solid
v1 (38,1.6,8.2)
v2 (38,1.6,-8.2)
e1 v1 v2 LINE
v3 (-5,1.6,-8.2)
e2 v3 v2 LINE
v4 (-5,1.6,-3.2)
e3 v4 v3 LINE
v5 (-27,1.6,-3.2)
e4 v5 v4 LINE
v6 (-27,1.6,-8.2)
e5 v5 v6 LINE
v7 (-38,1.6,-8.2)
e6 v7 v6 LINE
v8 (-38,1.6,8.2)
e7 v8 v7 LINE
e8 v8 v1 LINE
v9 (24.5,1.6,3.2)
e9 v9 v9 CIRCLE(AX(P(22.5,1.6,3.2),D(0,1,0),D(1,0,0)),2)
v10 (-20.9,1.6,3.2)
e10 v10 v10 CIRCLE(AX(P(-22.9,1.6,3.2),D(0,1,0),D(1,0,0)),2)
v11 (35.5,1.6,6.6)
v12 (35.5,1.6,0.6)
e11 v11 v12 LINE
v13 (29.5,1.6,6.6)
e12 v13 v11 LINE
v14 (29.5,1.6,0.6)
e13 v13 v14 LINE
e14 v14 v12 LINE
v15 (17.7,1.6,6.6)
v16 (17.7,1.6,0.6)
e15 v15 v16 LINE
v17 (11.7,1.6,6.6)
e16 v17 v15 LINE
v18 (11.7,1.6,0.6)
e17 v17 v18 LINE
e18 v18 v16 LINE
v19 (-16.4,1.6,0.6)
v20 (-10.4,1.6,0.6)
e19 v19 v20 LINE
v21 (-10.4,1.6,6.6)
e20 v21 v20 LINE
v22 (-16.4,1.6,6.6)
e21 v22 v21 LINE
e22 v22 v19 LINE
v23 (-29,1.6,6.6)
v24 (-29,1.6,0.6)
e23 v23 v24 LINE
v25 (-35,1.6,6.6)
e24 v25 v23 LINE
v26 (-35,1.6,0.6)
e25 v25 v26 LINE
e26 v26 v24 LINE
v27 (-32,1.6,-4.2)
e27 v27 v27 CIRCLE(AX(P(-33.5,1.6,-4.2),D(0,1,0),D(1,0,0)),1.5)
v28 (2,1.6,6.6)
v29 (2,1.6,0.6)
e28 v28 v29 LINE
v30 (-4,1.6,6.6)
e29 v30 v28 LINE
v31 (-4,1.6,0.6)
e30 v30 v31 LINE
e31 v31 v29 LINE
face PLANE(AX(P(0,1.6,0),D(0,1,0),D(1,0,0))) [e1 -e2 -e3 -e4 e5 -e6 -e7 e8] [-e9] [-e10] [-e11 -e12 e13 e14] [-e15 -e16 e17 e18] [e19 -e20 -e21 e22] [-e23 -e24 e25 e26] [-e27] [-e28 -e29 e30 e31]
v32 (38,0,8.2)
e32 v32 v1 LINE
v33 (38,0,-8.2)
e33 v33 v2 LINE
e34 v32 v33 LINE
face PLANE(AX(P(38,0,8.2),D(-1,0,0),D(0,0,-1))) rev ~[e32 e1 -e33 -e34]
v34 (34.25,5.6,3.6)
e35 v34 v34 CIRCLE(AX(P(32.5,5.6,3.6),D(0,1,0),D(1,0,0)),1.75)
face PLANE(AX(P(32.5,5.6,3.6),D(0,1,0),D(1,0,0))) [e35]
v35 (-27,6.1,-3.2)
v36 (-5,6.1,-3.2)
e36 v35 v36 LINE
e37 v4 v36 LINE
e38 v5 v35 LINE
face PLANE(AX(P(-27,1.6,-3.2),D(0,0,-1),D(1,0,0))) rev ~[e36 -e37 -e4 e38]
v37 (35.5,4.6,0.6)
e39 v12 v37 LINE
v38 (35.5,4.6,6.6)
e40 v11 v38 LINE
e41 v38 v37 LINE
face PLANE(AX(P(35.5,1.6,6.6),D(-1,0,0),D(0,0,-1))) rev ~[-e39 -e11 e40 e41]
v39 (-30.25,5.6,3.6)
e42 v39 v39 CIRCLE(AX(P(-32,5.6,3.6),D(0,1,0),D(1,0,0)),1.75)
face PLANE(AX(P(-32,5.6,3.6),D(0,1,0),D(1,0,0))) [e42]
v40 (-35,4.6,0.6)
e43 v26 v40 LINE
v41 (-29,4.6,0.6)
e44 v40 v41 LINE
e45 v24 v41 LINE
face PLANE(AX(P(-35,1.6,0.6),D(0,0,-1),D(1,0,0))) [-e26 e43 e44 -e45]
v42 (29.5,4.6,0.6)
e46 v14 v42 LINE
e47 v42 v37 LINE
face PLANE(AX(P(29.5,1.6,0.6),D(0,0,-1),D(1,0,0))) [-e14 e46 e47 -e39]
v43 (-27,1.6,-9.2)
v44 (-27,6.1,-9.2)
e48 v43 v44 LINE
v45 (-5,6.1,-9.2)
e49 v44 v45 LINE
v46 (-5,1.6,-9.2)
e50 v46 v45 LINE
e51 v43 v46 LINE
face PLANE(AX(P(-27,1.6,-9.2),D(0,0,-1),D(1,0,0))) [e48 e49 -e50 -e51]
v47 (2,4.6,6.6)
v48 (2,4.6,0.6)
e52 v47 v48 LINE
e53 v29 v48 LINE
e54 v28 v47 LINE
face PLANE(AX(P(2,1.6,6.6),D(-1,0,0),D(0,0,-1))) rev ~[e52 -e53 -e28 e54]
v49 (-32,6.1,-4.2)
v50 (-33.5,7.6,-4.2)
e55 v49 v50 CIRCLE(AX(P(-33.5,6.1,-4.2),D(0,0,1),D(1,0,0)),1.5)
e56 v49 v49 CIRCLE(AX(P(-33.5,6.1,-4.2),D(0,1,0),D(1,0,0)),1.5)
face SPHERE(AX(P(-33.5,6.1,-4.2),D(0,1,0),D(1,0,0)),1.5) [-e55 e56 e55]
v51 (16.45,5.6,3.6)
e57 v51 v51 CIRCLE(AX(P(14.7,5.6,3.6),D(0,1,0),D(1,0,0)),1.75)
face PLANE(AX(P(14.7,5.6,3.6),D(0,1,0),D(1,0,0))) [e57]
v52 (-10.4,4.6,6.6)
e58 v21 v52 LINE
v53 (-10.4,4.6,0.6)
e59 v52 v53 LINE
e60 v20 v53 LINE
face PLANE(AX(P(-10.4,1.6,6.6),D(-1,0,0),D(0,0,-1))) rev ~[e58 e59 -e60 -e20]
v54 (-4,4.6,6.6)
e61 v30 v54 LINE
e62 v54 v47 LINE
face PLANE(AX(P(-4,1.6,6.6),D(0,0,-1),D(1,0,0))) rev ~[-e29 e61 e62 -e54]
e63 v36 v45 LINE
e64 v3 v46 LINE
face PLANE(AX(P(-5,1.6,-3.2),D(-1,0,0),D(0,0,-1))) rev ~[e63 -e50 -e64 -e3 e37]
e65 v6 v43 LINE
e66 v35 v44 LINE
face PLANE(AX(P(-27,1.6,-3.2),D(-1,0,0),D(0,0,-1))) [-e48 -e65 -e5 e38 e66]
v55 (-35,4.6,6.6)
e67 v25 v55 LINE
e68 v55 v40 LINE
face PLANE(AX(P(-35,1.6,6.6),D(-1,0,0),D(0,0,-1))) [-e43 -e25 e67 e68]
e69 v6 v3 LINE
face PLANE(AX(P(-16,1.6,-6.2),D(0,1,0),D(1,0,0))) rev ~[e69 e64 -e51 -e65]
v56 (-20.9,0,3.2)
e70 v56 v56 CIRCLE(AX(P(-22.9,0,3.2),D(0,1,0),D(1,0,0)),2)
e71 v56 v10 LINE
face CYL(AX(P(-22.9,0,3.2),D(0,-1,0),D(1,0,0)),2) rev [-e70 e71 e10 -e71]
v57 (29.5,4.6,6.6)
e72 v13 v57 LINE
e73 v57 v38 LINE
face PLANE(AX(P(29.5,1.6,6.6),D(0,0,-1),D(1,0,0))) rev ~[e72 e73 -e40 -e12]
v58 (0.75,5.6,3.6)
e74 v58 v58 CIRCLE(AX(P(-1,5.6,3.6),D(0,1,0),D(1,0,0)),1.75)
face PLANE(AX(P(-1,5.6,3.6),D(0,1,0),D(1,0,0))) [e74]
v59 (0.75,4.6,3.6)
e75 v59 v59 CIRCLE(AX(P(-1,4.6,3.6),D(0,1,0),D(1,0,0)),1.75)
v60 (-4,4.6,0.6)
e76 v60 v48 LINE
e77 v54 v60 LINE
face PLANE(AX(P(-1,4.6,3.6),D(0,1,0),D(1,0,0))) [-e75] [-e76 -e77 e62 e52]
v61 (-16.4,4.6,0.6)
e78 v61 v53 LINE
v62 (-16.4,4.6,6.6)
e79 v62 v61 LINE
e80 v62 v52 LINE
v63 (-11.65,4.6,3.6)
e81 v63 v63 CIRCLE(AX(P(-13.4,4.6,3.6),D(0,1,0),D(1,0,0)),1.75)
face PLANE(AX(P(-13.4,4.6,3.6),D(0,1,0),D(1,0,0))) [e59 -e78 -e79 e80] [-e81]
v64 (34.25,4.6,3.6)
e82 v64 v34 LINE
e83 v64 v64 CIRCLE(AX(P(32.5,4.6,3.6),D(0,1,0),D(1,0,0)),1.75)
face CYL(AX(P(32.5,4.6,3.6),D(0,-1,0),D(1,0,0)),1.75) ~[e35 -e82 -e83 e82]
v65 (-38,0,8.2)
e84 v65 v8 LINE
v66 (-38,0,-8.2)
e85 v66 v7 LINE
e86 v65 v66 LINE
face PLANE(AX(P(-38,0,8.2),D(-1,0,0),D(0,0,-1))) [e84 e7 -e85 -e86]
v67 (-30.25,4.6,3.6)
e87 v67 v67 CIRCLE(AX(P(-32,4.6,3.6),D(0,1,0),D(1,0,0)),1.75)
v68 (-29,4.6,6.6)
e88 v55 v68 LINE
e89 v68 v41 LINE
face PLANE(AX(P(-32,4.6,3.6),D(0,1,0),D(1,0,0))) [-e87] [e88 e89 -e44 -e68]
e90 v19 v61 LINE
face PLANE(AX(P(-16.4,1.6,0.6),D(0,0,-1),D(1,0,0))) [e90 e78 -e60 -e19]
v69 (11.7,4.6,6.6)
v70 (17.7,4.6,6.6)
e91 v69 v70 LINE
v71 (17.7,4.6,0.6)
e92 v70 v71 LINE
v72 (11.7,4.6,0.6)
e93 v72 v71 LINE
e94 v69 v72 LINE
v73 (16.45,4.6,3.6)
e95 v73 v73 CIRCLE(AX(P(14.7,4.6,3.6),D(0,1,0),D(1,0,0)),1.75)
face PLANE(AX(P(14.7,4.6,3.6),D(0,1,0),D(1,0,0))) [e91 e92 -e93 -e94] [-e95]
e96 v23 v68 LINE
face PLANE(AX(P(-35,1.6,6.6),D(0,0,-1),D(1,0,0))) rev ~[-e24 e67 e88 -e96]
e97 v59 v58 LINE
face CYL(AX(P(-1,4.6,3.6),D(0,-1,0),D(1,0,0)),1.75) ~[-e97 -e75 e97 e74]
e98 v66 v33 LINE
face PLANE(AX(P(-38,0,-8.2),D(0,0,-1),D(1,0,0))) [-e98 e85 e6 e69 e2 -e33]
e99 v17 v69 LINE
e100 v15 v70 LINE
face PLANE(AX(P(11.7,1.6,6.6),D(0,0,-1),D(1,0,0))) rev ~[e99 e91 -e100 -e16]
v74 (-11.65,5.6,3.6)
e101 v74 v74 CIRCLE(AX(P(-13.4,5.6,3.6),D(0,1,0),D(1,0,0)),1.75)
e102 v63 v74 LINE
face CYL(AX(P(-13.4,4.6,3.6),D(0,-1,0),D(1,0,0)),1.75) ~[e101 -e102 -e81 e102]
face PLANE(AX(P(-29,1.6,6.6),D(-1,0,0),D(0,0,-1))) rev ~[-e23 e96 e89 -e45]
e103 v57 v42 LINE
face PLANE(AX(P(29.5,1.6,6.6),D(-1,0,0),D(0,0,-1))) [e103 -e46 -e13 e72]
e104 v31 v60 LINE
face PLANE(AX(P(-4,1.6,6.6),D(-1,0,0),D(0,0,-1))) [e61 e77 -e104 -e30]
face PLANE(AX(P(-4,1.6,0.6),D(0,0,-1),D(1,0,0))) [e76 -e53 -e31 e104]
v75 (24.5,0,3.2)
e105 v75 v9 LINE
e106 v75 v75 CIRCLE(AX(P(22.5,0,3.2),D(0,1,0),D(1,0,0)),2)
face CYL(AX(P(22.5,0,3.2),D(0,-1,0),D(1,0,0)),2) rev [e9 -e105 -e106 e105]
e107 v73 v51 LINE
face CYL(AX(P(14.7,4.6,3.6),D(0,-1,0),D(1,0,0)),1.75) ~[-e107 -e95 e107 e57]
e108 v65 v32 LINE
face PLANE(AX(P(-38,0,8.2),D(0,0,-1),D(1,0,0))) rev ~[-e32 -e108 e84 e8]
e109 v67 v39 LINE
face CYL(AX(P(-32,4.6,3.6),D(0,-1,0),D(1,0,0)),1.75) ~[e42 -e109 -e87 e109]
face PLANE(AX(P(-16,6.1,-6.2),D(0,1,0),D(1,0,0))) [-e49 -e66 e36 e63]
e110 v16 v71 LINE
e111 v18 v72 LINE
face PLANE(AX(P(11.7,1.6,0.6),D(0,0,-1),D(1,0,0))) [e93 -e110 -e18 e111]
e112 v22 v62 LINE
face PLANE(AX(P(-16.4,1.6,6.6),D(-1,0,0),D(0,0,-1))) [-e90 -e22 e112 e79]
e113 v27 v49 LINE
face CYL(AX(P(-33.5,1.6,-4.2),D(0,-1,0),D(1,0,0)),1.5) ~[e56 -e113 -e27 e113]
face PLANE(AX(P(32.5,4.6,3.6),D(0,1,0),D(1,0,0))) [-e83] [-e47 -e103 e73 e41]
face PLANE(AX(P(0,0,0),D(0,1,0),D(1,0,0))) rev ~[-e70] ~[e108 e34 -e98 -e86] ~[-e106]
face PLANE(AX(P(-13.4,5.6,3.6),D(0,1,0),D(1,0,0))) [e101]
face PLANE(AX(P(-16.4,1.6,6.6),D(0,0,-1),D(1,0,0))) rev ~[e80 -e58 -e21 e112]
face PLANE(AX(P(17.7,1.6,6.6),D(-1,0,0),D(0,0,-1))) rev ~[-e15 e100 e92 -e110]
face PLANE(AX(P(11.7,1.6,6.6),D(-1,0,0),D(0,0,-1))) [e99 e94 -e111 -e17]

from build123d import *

# Parameters (mm, degrees)
SZKIC1_W                    = 76
SZKIC1_H                    = 16.4
SZKIC1_R                    = 2
DODANIE_WYCI_GNI_CIE1_DEPTH = 1.6
SZKIC2_W                    = 6
SZKIC2_H                    = 6
DODANIE_WYCI_GNI_CIE2_DEPTH = 3
SZKIC3_R                    = 1.75
DODANIE_WYCI_GNI_CIE3_DEPTH = 1
SZKIC4_R                    = 1.5
DODANIE_WYCI_GNI_CIE4_DEPTH = 6
ZAOKR_GLENIE1_R             = 1.5
SZKIC5_W                    = 22
SZKIC5_H                    = 6
DODANIE_WYCI_GNI_CIE5_DEPTH = 4.5


with BuildPart() as part:
    # Szkic1 → Dodanie-wyciągnięcie1 (new body)
    with BuildSketch(Plane(origin=(0, 0, 0), x_dir=(1, 0, 0), z_dir=(0, 1, 0))):
        Rectangle(SZKIC1_W, SZKIC1_H)
        with Locations((-22.9, -3.2)):
            Circle(SZKIC1_R, mode=Mode.SUBTRACT)
        with Locations((22.5, -3.2)):
            Circle(SZKIC1_R, mode=Mode.SUBTRACT)
    extrude(amount=DODANIE_WYCI_GNI_CIE1_DEPTH)

    # Szkic2 → Dodanie-wyciągnięcie2 (add)
    with BuildSketch(Plane(origin=(0, 1.6, 0), x_dir=(1, 0, 0), z_dir=(0, 1, 0))):
        with Locations((-32, -3.6)):
            Rectangle(SZKIC2_W, SZKIC2_H)
        with Locations((-13.4, -3.6)):
            Rectangle(SZKIC2_W, SZKIC2_H)
        with Locations((-1, -3.6)):
            Rectangle(SZKIC2_W, SZKIC2_H)
        with Locations((14.7, -3.6)):
            Rectangle(SZKIC2_W, SZKIC2_H)
        with Locations((32.5, -3.6)):
            Rectangle(SZKIC2_W, SZKIC2_H)
    extrude(amount=DODANIE_WYCI_GNI_CIE2_DEPTH)

    # Szkic3 → Dodanie-wyciągnięcie3 (add)
    with BuildSketch(Plane(origin=(0, 4.6, 0), x_dir=(1, 0, 0), z_dir=(0, 1, 0))):
        with Locations((-32, -3.6)):
            Circle(SZKIC3_R)
        with Locations((-13.4, -3.6)):
            Circle(SZKIC3_R)
        with Locations((-1, -3.6)):
            Circle(SZKIC3_R)
        with Locations((14.7, -3.6)):
            Circle(SZKIC3_R)
        with Locations((32.5, -3.6)):
            Circle(SZKIC3_R)
    extrude(amount=DODANIE_WYCI_GNI_CIE3_DEPTH)

    # Szkic4 → Dodanie-wyciągnięcie4 (add)
    with BuildSketch(Plane(origin=(0, 1.6, 0), x_dir=(1, 0, 0), z_dir=(0, 1, 0))):
        with Locations((-33.5, 4.2)):
            Circle(SZKIC4_R)
    extrude(amount=DODANIE_WYCI_GNI_CIE4_DEPTH)

    # Zaokrąglenie1
    zaokr_glenie1_edges = [part.edges().sort_by_distance(p)[0] for p in [
        (-35, 7.6, -4.2),
    ]]
    fillet(zaokr_glenie1_edges, radius=ZAOKR_GLENIE1_R)

    # Szkic5 → Dodanie-wyciągnięcie5 (add)
    with BuildSketch(Plane(origin=(0, 1.6, 0), x_dir=(1, 0, 0), z_dir=(0, 1, 0))):
        with Locations((-16, 6.2)):
            Rectangle(SZKIC5_W, SZKIC5_H)
    extrude(amount=DODANIE_WYCI_GNI_CIE5_DEPTH)


solid = part.part
